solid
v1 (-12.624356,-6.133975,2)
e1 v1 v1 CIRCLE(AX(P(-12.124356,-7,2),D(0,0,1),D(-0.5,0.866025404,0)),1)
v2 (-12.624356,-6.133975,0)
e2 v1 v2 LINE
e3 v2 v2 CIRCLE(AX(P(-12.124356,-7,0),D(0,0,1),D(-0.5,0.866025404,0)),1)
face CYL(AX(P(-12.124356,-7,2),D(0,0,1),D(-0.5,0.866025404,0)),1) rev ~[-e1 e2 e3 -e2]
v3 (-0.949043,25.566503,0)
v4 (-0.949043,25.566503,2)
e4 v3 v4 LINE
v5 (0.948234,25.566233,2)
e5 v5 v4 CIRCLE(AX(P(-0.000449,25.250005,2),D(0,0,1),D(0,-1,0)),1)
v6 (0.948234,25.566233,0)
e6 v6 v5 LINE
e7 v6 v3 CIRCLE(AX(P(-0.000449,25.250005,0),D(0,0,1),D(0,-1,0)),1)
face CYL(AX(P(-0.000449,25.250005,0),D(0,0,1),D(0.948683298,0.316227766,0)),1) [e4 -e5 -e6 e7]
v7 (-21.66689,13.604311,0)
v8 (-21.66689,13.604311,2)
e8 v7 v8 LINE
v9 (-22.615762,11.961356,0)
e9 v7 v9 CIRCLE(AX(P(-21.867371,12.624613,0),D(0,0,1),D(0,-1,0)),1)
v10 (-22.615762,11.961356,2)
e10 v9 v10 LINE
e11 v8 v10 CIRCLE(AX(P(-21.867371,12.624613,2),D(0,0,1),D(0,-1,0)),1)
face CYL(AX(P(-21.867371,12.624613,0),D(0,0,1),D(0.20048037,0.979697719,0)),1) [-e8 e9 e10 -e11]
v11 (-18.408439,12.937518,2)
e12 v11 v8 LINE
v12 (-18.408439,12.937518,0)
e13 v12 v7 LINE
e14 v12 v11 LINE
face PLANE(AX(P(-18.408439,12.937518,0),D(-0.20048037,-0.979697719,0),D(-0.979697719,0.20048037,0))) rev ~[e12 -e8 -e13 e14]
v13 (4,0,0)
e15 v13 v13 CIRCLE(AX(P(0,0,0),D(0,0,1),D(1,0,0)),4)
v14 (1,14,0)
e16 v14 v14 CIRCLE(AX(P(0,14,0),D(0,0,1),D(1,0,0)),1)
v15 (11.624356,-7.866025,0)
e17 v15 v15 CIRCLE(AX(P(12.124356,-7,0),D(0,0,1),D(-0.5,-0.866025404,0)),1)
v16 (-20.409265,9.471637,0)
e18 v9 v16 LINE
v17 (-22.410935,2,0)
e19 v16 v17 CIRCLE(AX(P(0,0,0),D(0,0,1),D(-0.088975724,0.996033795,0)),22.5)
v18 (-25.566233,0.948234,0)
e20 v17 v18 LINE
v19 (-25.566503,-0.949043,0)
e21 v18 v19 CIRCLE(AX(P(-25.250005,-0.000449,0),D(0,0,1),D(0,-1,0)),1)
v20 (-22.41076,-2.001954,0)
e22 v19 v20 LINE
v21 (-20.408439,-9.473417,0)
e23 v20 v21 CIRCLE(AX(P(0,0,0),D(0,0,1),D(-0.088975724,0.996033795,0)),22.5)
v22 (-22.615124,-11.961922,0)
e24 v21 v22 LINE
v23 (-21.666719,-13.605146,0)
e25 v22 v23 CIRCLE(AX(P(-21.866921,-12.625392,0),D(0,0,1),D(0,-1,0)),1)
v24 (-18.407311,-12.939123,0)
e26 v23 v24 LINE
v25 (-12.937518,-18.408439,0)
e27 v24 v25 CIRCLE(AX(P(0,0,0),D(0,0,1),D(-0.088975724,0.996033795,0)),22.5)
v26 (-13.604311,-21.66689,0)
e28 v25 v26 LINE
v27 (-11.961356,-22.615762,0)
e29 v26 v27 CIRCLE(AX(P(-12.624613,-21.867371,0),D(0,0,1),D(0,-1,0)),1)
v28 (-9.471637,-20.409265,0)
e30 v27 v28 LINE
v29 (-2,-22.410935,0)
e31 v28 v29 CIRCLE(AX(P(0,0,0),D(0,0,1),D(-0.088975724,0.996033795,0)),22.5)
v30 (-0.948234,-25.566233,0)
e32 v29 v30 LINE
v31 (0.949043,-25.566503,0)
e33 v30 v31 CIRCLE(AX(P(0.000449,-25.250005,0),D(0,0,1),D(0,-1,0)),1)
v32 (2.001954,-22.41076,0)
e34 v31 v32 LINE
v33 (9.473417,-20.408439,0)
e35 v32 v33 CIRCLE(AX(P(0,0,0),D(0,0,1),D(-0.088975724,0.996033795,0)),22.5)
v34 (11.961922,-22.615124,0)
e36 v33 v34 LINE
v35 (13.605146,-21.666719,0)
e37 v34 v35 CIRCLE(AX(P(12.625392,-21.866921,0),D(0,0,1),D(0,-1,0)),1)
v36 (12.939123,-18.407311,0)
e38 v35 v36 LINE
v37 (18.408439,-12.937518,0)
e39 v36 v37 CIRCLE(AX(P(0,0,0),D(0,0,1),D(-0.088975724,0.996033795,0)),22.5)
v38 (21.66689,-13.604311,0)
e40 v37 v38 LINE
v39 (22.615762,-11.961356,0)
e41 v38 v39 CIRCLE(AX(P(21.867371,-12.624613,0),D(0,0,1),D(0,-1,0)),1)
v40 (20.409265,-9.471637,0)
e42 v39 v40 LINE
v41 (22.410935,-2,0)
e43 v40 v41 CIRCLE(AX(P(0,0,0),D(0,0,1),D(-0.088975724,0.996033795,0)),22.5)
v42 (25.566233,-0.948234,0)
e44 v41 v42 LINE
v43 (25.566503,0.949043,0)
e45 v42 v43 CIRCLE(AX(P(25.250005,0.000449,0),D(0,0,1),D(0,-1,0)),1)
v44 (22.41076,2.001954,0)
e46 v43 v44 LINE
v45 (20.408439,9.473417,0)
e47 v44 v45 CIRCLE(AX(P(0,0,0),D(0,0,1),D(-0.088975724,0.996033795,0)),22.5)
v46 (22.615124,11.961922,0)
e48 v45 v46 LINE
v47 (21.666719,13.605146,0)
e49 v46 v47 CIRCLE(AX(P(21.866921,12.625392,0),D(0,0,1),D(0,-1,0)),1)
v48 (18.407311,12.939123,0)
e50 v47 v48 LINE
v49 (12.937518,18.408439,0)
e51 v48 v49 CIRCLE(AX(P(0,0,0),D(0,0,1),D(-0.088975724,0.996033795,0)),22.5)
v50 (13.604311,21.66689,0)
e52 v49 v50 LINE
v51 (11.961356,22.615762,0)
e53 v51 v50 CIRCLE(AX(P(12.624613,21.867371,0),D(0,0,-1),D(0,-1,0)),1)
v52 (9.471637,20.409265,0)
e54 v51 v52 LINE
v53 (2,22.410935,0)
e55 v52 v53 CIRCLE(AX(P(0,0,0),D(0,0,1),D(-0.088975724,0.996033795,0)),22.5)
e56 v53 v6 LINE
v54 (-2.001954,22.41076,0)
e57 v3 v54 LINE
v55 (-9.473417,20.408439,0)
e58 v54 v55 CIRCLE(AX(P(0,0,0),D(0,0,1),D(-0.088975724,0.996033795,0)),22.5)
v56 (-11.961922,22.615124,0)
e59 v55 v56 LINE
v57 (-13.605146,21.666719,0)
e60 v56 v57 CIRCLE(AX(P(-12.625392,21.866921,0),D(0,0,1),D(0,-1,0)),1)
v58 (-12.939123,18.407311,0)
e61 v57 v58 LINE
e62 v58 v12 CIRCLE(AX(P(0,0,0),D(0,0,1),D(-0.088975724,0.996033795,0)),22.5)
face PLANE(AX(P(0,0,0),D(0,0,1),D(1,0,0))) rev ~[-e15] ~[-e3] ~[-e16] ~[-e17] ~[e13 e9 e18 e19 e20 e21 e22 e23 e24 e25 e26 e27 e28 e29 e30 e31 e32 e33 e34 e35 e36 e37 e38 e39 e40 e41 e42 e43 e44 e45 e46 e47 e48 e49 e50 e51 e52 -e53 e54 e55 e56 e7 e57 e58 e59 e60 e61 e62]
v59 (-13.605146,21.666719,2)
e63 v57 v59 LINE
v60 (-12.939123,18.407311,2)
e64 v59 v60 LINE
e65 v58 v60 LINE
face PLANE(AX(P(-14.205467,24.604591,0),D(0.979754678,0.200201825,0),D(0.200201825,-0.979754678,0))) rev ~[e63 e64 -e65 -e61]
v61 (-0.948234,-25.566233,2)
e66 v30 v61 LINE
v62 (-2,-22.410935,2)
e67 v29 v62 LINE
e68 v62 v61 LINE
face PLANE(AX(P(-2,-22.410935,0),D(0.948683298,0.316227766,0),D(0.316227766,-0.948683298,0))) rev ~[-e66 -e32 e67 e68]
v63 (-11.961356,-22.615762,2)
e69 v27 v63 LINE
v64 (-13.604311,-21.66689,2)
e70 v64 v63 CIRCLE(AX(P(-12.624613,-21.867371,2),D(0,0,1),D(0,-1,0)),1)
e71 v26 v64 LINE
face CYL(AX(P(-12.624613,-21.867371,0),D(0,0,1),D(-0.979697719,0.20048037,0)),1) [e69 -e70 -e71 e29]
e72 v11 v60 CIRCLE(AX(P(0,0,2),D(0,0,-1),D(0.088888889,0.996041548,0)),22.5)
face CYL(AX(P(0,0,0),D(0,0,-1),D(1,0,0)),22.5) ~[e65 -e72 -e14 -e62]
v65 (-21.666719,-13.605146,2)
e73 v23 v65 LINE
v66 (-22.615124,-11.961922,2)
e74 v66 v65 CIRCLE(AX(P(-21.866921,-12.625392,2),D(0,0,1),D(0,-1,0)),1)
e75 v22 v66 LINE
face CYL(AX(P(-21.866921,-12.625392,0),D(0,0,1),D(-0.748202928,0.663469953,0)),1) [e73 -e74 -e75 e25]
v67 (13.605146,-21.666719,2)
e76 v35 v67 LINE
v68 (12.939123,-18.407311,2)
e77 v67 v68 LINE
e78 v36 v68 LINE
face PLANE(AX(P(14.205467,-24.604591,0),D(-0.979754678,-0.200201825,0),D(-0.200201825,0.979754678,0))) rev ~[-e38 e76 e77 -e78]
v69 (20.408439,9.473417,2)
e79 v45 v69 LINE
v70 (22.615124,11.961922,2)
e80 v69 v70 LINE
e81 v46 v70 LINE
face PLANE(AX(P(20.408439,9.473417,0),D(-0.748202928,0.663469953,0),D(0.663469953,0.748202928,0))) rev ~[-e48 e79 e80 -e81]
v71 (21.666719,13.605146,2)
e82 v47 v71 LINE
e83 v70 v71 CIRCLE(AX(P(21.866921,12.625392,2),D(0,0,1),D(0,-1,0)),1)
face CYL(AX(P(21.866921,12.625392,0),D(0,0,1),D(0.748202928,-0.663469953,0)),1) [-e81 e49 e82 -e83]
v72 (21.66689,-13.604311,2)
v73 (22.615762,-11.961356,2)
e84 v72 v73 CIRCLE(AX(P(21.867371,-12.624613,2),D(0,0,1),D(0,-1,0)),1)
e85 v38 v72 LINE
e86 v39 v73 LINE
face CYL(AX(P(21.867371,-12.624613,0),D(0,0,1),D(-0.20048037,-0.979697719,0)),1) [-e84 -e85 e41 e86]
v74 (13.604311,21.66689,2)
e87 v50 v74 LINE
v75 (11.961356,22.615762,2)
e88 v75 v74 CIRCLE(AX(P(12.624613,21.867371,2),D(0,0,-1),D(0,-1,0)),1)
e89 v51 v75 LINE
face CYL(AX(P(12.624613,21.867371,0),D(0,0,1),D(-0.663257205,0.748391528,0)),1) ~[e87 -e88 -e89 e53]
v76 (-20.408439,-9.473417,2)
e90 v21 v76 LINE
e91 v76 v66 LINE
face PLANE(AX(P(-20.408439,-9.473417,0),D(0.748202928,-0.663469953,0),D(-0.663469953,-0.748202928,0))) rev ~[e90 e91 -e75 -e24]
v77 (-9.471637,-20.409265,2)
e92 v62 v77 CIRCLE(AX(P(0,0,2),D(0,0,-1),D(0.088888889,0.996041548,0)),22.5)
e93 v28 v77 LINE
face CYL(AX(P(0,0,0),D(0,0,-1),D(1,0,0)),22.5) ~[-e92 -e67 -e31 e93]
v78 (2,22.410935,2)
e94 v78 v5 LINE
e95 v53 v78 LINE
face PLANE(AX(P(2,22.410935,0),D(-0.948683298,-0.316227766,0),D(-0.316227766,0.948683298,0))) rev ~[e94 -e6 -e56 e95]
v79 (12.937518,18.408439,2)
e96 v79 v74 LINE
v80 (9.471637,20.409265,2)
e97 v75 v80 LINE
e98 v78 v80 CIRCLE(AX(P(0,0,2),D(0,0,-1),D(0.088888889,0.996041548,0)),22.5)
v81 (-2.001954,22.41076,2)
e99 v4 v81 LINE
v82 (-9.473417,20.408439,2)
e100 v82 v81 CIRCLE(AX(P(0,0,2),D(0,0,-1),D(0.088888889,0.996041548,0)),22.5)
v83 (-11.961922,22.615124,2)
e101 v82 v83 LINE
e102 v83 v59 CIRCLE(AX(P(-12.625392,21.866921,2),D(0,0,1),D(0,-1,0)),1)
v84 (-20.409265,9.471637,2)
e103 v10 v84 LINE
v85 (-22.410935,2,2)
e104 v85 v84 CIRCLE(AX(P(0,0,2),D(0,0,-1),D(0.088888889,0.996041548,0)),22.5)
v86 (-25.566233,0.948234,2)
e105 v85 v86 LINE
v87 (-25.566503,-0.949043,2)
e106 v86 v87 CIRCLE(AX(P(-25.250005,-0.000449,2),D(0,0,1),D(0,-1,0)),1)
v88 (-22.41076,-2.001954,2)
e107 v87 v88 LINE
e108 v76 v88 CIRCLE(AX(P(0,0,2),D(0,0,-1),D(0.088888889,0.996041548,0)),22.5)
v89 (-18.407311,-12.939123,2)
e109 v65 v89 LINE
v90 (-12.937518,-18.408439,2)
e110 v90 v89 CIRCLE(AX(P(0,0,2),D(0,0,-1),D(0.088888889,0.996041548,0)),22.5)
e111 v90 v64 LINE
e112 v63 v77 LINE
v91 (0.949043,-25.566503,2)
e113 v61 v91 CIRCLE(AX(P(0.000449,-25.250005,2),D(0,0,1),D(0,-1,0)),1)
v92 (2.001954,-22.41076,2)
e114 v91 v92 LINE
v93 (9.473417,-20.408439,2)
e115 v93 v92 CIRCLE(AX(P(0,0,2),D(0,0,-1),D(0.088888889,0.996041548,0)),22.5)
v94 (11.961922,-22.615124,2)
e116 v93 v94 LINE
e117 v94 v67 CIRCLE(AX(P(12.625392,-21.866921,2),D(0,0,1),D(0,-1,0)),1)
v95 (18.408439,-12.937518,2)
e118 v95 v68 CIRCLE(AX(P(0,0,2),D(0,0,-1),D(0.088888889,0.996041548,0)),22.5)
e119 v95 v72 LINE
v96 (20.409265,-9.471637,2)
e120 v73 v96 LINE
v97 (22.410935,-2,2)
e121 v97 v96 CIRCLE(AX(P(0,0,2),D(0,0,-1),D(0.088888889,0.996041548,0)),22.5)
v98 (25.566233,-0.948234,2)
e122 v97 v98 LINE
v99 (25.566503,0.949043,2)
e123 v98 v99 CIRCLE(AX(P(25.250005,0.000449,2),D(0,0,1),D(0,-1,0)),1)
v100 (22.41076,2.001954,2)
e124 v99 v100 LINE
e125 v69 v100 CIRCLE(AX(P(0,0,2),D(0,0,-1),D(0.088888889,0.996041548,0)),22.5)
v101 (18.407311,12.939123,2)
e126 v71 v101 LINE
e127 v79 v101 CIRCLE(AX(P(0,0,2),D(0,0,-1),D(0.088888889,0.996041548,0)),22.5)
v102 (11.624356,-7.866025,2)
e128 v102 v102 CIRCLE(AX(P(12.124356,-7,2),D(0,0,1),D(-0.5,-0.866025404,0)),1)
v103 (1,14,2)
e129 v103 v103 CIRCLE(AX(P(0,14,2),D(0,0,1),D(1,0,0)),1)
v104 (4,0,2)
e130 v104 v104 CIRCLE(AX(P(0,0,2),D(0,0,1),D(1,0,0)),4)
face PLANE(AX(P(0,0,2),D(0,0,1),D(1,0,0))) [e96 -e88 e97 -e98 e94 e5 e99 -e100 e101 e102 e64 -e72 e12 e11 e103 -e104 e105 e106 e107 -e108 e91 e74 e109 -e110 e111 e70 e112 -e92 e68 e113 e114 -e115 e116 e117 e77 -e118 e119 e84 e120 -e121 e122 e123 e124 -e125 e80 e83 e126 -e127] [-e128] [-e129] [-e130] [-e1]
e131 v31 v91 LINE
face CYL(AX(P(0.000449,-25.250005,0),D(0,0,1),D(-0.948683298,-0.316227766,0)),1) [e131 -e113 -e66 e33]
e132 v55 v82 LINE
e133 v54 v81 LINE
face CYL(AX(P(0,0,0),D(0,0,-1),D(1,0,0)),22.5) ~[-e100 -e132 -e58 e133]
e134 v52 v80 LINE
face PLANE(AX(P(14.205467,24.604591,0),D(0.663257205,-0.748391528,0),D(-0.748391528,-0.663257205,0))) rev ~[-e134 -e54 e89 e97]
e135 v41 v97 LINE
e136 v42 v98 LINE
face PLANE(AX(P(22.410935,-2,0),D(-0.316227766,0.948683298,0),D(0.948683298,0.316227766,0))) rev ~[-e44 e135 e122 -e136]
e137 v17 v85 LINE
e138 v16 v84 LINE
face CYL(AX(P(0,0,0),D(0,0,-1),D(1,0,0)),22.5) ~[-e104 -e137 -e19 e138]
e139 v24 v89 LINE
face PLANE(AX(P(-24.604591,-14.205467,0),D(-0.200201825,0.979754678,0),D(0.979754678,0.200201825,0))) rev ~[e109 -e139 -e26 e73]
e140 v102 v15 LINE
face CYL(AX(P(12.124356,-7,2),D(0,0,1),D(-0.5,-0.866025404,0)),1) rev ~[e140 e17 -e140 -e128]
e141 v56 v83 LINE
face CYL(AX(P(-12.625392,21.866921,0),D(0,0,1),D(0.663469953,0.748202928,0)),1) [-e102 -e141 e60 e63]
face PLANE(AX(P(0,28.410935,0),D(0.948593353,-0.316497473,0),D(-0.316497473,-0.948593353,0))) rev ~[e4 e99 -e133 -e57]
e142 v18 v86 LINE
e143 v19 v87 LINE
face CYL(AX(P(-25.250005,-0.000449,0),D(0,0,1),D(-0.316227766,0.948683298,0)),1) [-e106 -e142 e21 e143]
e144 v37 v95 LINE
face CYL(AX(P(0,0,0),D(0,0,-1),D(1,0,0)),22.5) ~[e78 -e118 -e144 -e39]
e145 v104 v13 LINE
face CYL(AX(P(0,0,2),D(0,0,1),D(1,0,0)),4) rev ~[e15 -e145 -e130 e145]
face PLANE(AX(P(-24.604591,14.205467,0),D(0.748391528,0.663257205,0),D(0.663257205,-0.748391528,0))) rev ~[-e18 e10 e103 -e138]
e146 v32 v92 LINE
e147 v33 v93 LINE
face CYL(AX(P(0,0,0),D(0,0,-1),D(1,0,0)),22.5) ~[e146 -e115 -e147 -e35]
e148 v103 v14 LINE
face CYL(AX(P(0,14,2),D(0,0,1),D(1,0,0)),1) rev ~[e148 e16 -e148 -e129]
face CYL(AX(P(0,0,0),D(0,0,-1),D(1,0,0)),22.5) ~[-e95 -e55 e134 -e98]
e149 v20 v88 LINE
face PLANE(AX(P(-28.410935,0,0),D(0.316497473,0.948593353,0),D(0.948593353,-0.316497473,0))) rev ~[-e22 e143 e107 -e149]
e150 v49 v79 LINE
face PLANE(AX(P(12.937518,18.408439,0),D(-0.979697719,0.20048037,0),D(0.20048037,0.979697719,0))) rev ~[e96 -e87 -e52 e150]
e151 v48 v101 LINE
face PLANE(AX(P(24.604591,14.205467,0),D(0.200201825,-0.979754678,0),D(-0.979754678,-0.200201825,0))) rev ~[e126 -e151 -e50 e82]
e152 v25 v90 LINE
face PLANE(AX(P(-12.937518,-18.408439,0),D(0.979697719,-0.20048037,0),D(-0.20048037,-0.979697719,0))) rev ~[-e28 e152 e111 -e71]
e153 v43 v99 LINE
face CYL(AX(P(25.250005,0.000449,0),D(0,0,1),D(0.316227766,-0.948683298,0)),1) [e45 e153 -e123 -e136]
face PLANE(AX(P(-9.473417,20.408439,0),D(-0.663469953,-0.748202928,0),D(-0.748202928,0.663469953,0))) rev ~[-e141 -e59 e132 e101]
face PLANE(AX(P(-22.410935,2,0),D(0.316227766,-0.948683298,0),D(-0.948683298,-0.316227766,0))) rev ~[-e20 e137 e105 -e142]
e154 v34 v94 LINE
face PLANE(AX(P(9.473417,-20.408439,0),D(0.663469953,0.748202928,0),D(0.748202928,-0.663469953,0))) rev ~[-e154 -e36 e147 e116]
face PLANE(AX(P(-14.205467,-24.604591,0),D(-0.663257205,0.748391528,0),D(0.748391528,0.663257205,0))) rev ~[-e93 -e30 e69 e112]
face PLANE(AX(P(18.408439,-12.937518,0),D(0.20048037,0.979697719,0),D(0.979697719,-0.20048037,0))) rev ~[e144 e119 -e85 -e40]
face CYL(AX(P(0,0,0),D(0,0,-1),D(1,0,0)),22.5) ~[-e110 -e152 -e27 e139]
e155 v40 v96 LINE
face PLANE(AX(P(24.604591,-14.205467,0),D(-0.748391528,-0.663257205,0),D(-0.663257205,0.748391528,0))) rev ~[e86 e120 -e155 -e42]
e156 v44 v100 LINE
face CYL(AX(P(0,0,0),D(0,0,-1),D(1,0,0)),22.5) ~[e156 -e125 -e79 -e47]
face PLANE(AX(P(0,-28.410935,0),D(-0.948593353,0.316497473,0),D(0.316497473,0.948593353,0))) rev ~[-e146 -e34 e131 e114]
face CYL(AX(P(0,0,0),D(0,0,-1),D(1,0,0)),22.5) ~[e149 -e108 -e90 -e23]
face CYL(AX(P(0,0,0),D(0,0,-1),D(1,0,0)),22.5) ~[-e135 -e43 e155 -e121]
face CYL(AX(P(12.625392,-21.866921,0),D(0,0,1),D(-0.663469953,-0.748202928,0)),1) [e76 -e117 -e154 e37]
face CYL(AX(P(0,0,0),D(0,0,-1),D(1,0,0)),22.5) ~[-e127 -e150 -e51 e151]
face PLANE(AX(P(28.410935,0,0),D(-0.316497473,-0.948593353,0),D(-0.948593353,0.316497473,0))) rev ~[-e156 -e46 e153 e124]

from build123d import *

# Parameters (mm, degrees)
SKETCH_1_R                       = 22.5
EXTRUDE_1_DEPTH                  = 2
EXTRUDE_2_DEPTH                  = 2
FILLET_1_R                       = 1
PATTERN_CIRCULAR_1_COUNT         = 12
FILLET_1_OF_PATTERN_CIRCULAR_1_R = 1
SKETCH_3_R                       = 4
CUT_EXTRUDE_1_DEPTH              = 2
SKETCH_4_R                       = 1
CUT_EXTRUDE_2_DEPTH              = 2
PATTERN_CIRCULAR_2_COUNT         = 3


with BuildPart() as part:
    # 草图1 → 凸台-拉伸1 (new body)
    with BuildSketch(Plane.XY):
        Circle(SKETCH_1_R)
    extrude(amount=EXTRUDE_1_DEPTH)

    # 草图2 → 凸台-拉伸2 (add)
    with BuildSketch(Plane.XY):
        with BuildLine():
            Line((0, 28.410934831), (-2.001953781, 22.410760386))
            ThreePointArc((-2.001953781, 22.410760386), (-0.000980777, 22.499999979), (2, 22.410934831))
            Line((2, 22.410934831), (0, 28.410934831))
        make_face()
    extrude_2 = extrude(amount=EXTRUDE_2_DEPTH)

    # 圆角1
    fillet_1_edges = [part.edges().sort_by_distance(p)[0] for p in [
        (0, 28.410934831, 1),
    ]]
    fillet(fillet_1_edges, radius=FILLET_1_R)

    # 阵列(圆周)1: 凸台-拉伸2 ×12 about axis
    pattern_circular_1_axis = Axis((0, 0, 0), (0, 0, 1))
    for i in range(1, PATTERN_CIRCULAR_1_COUNT):
        add(extrude_2.rotate(pattern_circular_1_axis, i * 360 / PATTERN_CIRCULAR_1_COUNT))

    # 圆角1 of 阵列(圆周)1
    fillet_1_of_pattern_circular_1_edges = [part.edges().sort_by_distance(p)[0] for p in [
        (-14.205467416, 24.604591309, 1),
        (-24.604591309, 14.205467416, 1),
        (-28.410934831, 0, 1),
        (-24.604591309, -14.205467416, 1),
        (-14.205467416, -24.604591309, 1),
        (0, -28.410934831, 1),
        (14.205467416, -24.604591309, 1),
        (24.604591309, -14.205467416, 1),
        (28.410934831, 0, 1),
        (24.604591309, 14.205467416, 1),
        (14.205467416, 24.604591309, 1),
    ]]
    fillet(fillet_1_of_pattern_circular_1_edges, radius=FILLET_1_OF_PATTERN_CIRCULAR_1_R)

    # 草图3 → 切除-拉伸1 (cut)
    with BuildSketch(Plane.XY.offset(2)):
        Circle(SKETCH_3_R)
    extrude(amount=-CUT_EXTRUDE_1_DEPTH, mode=Mode.SUBTRACT)

    # 草图4 → 切除-拉伸2 (cut)
    with BuildSketch(Plane.XY.offset(2)):
        with Locations((0, 14)):
            Circle(SKETCH_4_R)
    cut_extrude_2 = extrude(amount=-CUT_EXTRUDE_2_DEPTH, mode=Mode.SUBTRACT)

    # 阵列(圆周)2: 切除-拉伸2 ×3 about axis
    pattern_circular_2_axis = Axis((0, 0, 0), (0, 0, 1))
    for i in range(1, PATTERN_CIRCULAR_2_COUNT):
        add(cut_extrude_2.rotate(pattern_circular_2_axis, i * 360 / PATTERN_CIRCULAR_2_COUNT), mode=Mode.SUBTRACT)


solid = part.part
